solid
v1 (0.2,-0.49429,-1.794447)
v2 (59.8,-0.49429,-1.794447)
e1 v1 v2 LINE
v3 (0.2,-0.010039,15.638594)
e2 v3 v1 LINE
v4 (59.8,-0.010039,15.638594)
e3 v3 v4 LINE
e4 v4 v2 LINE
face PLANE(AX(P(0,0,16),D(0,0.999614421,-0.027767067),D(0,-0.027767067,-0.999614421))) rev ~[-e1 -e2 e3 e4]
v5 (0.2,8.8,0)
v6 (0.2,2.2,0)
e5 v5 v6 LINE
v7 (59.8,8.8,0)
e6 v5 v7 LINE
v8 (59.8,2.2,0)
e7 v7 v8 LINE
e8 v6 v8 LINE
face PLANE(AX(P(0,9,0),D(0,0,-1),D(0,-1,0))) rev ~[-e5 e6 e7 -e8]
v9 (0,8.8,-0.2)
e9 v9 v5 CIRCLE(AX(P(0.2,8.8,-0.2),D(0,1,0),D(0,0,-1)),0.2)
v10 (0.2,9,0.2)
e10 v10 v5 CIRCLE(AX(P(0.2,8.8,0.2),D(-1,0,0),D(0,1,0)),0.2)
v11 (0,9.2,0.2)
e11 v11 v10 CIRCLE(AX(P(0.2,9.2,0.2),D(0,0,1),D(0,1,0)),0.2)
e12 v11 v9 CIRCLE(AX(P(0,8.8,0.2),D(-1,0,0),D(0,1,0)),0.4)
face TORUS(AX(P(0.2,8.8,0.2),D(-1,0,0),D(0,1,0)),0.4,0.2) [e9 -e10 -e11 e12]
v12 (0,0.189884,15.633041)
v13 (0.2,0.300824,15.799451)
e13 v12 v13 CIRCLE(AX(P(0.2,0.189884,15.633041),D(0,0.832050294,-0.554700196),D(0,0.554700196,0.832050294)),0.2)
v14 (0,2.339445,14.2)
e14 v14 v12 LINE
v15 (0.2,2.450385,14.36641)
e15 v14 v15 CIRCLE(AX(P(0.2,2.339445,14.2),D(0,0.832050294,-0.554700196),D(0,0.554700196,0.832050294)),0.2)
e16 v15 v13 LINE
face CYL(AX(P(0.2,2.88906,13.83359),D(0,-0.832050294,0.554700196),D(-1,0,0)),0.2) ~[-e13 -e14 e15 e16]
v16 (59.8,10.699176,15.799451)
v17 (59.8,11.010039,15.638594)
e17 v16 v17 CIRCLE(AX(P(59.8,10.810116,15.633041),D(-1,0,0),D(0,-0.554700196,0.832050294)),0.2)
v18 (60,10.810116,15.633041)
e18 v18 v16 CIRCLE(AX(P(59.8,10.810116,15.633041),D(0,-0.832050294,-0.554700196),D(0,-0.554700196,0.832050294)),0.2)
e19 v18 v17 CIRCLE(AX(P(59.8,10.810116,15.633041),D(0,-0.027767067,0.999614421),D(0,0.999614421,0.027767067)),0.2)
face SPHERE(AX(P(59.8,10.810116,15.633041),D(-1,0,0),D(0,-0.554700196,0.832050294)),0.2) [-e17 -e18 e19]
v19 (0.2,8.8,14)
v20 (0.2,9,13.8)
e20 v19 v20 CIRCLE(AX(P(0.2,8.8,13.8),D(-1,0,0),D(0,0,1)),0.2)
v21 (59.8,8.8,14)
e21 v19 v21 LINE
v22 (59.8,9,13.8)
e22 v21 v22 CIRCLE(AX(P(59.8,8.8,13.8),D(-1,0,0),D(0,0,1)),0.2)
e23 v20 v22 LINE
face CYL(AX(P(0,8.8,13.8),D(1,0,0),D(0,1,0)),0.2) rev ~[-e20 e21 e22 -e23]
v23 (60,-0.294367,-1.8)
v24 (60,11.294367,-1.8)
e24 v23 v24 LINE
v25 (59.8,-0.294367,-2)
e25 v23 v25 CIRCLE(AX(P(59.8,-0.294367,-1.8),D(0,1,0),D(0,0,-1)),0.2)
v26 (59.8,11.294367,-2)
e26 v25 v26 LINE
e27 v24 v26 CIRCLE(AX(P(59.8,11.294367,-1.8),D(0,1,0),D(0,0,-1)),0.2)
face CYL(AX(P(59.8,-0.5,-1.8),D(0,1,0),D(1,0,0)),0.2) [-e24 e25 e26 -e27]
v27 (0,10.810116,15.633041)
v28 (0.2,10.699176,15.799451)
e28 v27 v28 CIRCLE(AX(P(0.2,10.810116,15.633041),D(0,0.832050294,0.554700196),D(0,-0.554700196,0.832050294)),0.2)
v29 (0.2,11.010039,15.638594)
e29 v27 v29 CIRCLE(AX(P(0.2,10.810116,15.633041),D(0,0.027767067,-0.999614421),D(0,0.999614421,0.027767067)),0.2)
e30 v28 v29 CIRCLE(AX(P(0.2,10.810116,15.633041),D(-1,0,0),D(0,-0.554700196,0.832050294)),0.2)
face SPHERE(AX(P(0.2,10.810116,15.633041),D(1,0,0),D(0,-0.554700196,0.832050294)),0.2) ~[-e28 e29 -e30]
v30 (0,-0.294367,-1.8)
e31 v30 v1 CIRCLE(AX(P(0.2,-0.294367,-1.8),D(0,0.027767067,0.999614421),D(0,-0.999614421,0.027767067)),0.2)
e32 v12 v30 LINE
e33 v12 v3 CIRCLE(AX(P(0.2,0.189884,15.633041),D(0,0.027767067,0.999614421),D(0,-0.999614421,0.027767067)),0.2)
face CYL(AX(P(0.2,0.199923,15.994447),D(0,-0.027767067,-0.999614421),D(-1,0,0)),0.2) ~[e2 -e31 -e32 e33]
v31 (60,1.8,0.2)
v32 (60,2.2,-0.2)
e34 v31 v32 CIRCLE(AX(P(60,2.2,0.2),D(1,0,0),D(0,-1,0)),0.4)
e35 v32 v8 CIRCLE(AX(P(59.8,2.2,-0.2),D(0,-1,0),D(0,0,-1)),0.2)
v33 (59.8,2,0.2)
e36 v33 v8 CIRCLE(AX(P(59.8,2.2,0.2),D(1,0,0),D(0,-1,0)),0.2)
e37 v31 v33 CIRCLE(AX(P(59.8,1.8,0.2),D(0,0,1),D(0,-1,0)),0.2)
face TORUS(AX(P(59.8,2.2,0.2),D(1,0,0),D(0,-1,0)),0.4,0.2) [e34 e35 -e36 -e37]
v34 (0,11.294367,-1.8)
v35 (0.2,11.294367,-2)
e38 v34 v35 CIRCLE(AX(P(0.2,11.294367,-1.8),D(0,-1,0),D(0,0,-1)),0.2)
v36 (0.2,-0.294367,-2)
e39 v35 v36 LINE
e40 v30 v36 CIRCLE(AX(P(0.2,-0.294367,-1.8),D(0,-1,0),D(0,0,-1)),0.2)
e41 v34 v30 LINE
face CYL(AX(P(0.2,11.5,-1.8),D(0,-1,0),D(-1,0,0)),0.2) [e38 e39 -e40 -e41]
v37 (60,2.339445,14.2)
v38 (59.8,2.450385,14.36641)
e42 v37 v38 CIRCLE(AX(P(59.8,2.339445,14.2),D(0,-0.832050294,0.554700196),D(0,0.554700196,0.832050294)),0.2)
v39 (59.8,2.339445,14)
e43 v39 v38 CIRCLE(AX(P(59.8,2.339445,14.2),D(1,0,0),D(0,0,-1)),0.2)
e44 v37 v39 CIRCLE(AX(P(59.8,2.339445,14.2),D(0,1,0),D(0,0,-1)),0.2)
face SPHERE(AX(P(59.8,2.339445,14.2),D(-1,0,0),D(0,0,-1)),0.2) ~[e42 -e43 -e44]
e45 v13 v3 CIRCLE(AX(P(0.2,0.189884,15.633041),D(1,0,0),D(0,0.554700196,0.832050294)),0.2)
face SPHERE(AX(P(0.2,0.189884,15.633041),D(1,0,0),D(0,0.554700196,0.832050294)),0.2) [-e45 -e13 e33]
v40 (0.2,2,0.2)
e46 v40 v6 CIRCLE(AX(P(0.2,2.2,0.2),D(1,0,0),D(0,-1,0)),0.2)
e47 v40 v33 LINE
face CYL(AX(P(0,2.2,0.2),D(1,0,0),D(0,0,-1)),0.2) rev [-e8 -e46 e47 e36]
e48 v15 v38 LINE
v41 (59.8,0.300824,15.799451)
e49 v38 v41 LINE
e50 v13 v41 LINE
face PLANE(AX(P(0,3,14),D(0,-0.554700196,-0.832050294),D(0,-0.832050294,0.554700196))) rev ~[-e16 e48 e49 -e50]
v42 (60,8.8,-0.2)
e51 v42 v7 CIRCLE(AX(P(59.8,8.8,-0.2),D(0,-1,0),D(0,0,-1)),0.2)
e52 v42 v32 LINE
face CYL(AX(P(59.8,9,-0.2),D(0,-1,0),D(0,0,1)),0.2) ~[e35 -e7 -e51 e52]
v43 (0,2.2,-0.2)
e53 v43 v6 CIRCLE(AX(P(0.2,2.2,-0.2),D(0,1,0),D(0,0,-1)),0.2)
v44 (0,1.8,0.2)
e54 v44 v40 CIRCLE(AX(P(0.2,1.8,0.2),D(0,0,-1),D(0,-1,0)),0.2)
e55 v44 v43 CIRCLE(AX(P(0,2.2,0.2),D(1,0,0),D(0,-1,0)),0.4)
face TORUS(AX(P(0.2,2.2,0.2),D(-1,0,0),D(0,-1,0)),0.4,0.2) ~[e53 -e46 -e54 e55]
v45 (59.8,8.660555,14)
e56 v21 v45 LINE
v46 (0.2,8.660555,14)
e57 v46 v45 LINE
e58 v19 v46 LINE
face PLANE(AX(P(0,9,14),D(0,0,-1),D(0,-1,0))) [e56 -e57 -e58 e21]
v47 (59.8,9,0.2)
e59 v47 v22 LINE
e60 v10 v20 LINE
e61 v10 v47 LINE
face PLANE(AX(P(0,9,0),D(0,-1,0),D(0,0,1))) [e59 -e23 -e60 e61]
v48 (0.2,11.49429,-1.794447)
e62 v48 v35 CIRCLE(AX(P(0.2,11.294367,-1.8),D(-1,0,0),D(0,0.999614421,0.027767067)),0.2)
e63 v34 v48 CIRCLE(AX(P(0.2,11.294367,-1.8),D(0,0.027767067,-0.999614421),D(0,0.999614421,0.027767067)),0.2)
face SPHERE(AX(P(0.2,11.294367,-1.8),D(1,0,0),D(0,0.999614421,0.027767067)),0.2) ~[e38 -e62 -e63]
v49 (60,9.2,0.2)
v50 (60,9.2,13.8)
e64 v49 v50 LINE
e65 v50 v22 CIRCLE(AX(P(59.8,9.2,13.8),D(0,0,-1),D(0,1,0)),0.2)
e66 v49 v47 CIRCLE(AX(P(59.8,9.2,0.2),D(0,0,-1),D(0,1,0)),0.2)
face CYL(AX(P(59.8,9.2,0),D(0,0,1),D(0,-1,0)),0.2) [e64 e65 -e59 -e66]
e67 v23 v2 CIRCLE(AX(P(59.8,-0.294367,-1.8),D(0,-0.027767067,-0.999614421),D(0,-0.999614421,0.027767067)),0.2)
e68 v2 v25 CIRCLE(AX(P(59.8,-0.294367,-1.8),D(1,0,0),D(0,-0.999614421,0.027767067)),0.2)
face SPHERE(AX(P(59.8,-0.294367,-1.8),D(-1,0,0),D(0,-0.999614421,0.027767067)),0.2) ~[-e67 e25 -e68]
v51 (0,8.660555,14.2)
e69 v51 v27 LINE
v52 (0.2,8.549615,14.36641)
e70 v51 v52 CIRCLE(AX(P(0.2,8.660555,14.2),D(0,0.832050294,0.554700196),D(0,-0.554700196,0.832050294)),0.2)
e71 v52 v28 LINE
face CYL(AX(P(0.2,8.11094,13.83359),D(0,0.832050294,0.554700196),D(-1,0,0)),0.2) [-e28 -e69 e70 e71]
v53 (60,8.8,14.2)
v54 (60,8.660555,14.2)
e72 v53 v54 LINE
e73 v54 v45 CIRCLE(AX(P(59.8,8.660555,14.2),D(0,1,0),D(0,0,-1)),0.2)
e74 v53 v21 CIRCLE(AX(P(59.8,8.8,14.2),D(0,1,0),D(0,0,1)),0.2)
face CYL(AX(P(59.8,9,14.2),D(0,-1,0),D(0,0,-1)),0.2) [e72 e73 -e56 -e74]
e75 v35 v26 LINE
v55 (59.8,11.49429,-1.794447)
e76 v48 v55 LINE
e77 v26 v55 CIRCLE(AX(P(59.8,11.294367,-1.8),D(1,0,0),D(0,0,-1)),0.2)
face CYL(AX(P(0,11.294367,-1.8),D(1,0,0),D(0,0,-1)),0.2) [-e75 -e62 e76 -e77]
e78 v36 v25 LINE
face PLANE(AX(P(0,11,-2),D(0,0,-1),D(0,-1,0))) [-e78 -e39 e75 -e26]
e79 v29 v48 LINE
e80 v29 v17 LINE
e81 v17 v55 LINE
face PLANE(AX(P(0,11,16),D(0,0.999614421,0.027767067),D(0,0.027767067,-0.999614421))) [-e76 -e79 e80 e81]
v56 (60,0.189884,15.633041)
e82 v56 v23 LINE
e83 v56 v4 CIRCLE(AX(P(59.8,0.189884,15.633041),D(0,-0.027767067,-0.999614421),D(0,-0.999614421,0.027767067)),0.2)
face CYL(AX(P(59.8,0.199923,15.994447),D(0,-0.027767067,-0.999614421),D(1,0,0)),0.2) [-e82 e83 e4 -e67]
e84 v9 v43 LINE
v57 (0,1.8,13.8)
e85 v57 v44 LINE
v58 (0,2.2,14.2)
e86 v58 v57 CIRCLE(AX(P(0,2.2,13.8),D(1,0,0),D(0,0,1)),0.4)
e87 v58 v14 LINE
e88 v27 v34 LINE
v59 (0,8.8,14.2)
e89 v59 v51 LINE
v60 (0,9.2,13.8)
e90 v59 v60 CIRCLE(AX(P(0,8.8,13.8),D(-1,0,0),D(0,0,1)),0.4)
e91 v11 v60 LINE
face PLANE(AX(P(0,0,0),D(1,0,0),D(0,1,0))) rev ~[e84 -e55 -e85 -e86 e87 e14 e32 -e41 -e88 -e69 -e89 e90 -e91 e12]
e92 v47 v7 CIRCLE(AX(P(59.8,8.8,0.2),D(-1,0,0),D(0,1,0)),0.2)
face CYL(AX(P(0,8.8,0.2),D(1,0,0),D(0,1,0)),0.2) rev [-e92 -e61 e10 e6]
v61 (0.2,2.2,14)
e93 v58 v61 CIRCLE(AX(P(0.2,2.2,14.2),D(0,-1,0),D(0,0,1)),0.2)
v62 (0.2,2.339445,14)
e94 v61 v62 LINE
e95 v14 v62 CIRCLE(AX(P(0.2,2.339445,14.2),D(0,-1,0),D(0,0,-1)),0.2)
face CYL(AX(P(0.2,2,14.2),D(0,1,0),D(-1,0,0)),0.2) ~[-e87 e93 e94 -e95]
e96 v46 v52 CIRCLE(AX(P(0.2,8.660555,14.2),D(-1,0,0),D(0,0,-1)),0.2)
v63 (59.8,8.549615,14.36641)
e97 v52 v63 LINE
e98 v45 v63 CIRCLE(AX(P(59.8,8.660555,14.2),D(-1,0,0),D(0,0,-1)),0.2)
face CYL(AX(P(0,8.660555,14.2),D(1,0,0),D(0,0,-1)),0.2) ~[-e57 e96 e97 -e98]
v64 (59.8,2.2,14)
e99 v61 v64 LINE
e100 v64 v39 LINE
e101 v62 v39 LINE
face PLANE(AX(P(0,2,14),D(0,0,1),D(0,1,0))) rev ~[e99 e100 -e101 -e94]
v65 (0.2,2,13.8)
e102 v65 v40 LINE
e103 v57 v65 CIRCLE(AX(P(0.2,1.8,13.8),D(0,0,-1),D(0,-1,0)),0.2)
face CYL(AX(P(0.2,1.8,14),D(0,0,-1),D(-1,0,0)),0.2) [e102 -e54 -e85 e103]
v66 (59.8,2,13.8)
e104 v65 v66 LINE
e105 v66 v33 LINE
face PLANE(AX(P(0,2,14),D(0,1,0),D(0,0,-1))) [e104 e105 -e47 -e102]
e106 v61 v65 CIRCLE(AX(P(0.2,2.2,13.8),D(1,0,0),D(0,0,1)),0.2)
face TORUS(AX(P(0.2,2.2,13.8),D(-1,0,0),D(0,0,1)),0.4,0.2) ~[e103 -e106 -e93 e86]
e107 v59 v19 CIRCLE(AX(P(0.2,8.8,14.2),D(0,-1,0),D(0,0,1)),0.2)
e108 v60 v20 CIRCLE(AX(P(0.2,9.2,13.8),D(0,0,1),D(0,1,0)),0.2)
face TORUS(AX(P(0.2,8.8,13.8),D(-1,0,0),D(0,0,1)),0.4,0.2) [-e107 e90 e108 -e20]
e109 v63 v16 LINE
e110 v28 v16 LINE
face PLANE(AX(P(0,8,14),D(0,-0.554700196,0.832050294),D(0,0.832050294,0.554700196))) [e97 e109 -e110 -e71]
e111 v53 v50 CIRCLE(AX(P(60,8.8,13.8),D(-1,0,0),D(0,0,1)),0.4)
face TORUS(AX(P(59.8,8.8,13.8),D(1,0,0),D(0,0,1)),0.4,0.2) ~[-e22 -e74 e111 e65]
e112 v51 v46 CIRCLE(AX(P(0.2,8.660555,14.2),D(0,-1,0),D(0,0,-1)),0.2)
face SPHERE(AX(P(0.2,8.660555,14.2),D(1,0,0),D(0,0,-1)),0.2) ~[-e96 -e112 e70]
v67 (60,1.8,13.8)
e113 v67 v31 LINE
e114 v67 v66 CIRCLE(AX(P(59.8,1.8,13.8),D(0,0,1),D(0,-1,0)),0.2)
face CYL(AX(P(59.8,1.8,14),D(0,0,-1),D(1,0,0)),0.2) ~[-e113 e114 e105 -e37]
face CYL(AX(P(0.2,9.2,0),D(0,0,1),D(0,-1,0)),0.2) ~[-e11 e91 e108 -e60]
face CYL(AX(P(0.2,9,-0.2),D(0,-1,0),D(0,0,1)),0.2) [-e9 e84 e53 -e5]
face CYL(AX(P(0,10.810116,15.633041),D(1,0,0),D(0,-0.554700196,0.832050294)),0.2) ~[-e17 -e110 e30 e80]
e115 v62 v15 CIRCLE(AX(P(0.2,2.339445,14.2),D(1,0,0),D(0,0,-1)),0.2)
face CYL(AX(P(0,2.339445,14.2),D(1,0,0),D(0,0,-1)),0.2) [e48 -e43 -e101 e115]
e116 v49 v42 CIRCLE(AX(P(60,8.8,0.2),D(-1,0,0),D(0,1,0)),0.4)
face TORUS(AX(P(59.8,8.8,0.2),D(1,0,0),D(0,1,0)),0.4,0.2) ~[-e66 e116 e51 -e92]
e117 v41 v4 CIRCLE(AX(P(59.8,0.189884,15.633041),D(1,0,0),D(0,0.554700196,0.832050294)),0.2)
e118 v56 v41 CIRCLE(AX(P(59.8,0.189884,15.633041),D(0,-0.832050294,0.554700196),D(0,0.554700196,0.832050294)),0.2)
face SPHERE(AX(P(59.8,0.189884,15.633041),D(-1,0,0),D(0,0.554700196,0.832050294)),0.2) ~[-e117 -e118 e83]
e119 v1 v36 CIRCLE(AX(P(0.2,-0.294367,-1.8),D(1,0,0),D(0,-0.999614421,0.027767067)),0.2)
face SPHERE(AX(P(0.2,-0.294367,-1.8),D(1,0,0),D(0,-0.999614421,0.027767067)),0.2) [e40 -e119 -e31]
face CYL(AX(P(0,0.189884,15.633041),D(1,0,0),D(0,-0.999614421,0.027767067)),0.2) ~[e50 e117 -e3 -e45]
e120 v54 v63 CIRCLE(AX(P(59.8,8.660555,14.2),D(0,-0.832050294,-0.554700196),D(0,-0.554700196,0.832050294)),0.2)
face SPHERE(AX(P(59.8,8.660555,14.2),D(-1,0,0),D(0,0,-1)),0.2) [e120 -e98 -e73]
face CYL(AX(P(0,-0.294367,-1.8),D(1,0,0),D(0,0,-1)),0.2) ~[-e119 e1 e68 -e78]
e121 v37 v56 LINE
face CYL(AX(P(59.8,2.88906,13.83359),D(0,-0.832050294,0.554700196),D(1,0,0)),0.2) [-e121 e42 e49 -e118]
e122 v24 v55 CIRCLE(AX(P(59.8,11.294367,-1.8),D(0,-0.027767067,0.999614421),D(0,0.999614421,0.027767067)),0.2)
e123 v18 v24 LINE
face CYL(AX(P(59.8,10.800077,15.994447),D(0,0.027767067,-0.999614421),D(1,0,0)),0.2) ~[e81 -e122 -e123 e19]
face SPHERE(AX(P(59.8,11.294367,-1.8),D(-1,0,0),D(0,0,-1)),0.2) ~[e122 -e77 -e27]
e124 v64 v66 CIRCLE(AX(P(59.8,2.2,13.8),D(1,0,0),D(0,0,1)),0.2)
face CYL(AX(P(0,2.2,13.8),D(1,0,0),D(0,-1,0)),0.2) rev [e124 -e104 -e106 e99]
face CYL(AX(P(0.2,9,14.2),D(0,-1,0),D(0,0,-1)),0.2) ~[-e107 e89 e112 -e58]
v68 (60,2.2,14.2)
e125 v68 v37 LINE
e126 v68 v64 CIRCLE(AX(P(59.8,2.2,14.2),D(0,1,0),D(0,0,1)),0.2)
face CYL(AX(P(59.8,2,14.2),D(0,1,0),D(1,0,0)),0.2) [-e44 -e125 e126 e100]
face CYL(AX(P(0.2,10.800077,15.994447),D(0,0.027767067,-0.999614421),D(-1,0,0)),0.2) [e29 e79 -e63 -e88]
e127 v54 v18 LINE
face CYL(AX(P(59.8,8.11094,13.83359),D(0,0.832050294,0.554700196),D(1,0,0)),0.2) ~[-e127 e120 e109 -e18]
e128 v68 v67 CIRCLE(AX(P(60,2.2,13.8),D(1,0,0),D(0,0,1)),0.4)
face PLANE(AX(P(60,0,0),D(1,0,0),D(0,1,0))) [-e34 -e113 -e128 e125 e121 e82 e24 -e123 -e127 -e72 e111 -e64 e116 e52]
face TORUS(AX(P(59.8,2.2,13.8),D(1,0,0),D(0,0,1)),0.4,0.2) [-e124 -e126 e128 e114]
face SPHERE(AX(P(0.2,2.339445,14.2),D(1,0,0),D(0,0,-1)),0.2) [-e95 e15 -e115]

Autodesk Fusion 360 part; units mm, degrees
sketch "Skizze1" plane through (0, 0, 0) normal (0, 0, 1) x (1, 0, 0)
  line L0 (0, 0) -> (100, 0)
  line L1 (100, 0) -> (100, 10)
  line L2 (100, 10) -> (0, 10)
  line L3 (0, 10) -> (0, 0)
sketch "Skizze2" plane through (0, 0, 0) normal (1, 0, 0) x (0, 1, 0)
  line L0 (10, 0) -> (0, 0)
  line L1 (2, 14) -> (2, 0)
  line L2 (9, 0) -> (9, 14)
  line L3 (2, 14) -> (3, 14)
  line L4 (3, 14) -> (0, 16)
  line L5 (0, 16) -> (0, 0)
  line L6 (9, 14) -> (8, 14)
  line L7 (8, 14) -> (11, 16)
  line L8 (11, 16) -> (11, 0)
  line L9 (11, 0) -> (11, -2)
  line L10 (11, -2) -> (0, -2)
  line L11 (0, -2) -> (0, 0)
  line L12 (0, 16) -> (-0.5, -2)
  line L13 (-0.5, -2) -> (0, -2)
  line L14 (11, 16) -> (11.5, -2)
  line L15 (11, -2) -> (11.5, -2)
  dimension "d1" = 7
  dimension "d3" = 5
  dimension "d4" = 14
  dimension "d6" = 2
  dimension "d7" = 2
  dimension "d9" = 2
  dimension "d10" = 2
  dimension "d11" = 11
  dimension "d13" = 2
  dimension "d18" = 12
extrude "Extrusion1" add sketch "Skizze2" along normal blind 60
fillet "Abrundung1" radius 0.2 10 faces at (20, 8.6667, 14) (20, 9, 14.6667) (20, 2.3333, 14) (20, 2, 9.3333) (20, 2, 14.6667) (60, 1.1667, 4) (20, 3.5, -2) (0, 1.1667, 4) (20, 9, 4.6667) (20, 6.6667, 0)
